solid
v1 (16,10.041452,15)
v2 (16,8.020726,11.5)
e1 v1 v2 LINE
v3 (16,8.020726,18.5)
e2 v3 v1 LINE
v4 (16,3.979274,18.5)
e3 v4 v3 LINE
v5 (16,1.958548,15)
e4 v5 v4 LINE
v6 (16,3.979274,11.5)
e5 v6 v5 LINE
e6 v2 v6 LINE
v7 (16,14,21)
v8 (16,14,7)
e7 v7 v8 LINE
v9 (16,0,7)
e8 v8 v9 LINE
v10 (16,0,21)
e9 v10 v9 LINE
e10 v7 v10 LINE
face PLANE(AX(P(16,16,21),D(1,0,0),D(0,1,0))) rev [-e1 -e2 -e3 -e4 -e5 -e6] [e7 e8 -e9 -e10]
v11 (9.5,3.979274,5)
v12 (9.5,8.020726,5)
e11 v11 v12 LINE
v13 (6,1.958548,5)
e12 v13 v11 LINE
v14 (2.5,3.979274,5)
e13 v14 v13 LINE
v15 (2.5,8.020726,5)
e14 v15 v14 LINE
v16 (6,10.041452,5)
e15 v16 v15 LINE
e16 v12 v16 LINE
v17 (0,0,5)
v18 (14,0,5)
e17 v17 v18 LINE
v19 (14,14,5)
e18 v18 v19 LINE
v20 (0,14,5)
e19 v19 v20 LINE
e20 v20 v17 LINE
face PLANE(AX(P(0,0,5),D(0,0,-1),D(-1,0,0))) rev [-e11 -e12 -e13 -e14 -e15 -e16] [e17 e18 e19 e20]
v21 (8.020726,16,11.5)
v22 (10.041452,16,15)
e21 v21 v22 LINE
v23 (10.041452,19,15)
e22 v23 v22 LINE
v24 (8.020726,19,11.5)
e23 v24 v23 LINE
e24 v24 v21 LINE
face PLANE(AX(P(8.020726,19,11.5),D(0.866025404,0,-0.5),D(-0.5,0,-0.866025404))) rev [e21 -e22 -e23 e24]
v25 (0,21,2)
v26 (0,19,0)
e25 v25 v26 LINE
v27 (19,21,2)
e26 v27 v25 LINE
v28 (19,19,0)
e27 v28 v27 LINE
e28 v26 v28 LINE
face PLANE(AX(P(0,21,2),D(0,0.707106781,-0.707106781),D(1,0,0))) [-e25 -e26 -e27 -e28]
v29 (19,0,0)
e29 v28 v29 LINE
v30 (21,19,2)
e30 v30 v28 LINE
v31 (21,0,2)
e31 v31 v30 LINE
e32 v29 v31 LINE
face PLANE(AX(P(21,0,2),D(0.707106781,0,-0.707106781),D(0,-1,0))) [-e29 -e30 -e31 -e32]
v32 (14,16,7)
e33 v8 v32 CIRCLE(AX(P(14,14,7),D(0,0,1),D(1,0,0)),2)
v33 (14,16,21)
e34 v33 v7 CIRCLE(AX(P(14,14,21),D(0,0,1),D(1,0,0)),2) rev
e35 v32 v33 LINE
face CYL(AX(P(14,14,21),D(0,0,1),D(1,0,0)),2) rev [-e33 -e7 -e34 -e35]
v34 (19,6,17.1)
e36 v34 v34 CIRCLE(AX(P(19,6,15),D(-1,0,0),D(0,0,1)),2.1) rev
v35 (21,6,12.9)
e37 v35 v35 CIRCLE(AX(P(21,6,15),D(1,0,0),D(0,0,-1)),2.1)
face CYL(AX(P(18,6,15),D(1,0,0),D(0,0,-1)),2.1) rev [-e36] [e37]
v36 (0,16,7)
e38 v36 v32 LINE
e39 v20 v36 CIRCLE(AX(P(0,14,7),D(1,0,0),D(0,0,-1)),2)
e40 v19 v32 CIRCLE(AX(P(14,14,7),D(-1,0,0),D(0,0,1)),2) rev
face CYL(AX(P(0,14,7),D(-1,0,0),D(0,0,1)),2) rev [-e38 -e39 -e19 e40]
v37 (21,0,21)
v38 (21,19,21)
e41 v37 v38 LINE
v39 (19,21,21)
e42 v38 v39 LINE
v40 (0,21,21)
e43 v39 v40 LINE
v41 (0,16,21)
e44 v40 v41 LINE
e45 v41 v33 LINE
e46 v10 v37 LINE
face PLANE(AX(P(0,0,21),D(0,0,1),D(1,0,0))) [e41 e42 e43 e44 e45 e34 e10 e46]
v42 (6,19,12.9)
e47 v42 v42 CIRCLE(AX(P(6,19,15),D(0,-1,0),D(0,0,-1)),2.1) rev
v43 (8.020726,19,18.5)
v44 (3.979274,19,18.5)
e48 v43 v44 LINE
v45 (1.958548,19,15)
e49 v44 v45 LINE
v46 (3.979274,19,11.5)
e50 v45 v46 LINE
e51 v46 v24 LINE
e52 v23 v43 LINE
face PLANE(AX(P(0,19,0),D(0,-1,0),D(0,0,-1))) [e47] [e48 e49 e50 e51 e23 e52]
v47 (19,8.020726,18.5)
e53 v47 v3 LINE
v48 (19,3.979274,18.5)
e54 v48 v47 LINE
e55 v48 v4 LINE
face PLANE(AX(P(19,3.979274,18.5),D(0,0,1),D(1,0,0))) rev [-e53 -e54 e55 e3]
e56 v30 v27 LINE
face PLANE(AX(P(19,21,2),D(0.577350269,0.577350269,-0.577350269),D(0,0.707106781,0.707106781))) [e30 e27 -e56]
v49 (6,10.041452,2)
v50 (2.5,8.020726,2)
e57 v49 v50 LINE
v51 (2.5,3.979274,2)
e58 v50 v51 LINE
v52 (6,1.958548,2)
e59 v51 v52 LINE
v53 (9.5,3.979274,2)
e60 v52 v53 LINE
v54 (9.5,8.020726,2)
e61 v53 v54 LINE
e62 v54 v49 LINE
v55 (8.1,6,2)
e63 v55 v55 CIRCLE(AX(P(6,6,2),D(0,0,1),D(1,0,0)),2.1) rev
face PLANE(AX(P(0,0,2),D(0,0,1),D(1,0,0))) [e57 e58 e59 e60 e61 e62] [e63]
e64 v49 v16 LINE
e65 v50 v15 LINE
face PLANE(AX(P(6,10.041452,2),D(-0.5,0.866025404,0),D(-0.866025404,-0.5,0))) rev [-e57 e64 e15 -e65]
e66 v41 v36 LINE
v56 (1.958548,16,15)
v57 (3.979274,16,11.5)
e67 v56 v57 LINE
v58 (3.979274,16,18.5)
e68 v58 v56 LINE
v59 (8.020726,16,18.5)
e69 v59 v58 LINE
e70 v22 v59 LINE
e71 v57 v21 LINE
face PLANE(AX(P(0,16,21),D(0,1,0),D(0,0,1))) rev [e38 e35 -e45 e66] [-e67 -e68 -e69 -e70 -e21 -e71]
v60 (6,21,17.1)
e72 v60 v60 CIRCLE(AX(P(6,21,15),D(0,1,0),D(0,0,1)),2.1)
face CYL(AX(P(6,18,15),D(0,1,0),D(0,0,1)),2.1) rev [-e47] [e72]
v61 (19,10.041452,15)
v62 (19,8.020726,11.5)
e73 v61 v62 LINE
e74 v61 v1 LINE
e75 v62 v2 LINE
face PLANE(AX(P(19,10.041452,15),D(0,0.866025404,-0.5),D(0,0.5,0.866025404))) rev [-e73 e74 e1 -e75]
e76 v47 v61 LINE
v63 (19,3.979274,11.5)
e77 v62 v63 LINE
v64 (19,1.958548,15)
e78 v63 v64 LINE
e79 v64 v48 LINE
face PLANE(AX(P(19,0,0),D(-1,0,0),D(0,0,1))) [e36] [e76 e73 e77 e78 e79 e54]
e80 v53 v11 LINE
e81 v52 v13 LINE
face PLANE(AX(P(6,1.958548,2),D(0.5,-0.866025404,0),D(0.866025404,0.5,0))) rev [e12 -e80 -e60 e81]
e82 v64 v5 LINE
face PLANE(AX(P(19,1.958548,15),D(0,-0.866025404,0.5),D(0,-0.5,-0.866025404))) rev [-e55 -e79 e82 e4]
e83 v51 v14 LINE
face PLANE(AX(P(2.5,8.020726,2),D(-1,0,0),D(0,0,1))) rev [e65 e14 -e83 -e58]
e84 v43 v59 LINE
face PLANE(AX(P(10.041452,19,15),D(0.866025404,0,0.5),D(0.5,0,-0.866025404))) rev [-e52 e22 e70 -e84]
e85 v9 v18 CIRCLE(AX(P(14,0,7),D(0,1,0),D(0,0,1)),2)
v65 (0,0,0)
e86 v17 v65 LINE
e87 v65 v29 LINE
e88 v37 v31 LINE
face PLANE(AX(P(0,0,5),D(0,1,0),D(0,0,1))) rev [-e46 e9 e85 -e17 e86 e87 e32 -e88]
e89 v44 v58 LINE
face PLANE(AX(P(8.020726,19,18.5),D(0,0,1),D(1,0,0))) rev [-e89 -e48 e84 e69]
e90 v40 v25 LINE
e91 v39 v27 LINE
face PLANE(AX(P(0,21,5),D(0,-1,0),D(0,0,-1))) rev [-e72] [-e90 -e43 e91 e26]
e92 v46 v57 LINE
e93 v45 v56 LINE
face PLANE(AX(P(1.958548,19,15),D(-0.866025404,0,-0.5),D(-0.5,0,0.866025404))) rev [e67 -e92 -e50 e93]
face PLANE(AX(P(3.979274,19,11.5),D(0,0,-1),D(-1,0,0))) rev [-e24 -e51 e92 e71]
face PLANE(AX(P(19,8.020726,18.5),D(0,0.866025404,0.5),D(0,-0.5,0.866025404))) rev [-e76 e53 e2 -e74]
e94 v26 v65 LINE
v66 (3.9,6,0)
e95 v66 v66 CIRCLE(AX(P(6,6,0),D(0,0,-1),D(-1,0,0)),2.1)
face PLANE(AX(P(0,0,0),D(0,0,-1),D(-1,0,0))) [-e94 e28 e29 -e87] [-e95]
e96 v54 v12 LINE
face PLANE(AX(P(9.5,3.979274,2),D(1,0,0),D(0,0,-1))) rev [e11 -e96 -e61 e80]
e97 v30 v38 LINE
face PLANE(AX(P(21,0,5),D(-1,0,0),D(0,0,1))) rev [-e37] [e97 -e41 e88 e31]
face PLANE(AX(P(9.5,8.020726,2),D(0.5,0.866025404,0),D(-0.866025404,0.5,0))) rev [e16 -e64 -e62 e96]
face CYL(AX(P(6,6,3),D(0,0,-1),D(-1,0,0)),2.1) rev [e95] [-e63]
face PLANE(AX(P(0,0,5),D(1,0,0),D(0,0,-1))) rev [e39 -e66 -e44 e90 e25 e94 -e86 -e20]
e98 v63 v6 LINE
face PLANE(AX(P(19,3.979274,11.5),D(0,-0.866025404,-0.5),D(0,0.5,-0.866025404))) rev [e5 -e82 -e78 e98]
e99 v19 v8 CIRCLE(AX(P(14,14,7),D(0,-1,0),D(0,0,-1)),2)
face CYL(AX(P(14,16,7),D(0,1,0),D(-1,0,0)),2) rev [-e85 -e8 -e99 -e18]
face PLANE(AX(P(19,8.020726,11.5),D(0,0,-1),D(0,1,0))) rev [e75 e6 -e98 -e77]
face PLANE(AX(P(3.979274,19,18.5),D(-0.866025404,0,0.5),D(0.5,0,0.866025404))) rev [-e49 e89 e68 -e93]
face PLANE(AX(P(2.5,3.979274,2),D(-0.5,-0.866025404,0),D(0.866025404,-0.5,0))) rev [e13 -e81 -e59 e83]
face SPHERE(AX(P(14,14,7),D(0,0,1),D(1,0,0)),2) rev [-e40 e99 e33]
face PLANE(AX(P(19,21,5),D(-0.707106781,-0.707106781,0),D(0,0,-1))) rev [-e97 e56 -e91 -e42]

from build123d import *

# Parameters (mm, degrees)
SKETCH1_W           = 21
SKETCH1_H           = 21
BOSS_EXTRUDE1_DEPTH = 5
BOSS_EXTRUDE2_DEPTH = 16
SKETCH3_R           = 2.1
CUT_EXTRUDE1_DEPTH  = 3
SKETCH4_R           = 2.1
CUT_EXTRUDE2_DEPTH  = 3
SKETCH5_R           = 2.1
CUT_EXTRUDE3_DEPTH  = 3
CUT_EXTRUDE4_DEPTH  = 3
CUT_EXTRUDE5_DEPTH  = 3
CUT_EXTRUDE6_DEPTH  = 3
CHAMFER1_SIZE       = 2
FILLET1_R           = 2


with BuildPart() as part:
    # Sketch1 → Boss-Extrude1 (new body)
    with BuildSketch(Plane.XY):
        with Locations((10.5, 10.5)):
            Rectangle(SKETCH1_W, SKETCH1_H)
    extrude(amount=BOSS_EXTRUDE1_DEPTH)

    # Sketch2 → Boss-Extrude2 (add)
    with BuildSketch(Plane.XY.offset(5)):
        Polygon((0, 21), (21, 21), (21, 0), (16, 0), (16, 16), (0, 16), align=None)
    extrude(amount=BOSS_EXTRUDE2_DEPTH)

    # Sketch3 → Cut-Extrude1 (cut)
    with BuildSketch(Plane(origin=(0, 21, 0), x_dir=(1, 0, 0), z_dir=(0, 1, 0))):
        with Locations((6, -15)):
            Circle(SKETCH3_R)
    extrude(amount=-CUT_EXTRUDE1_DEPTH, mode=Mode.SUBTRACT)

    # Sketch4 → Cut-Extrude2 (cut)
    with BuildSketch(Plane(origin=(21, 0, 0), x_dir=(0, 0, -1), z_dir=(1, 0, 0))):
        with Locations((-15, 6)):
            Circle(SKETCH4_R)
    extrude(amount=-CUT_EXTRUDE2_DEPTH, mode=Mode.SUBTRACT)

    # Sketch5 → Cut-Extrude3 (cut)
    with BuildSketch(Plane(origin=(0, 0, 0), x_dir=(-1, 0, 0), z_dir=(0, 0, -1))):
        with Locations((-6, 6)):
            Circle(SKETCH5_R)
    extrude(amount=-CUT_EXTRUDE3_DEPTH, mode=Mode.SUBTRACT)

    # Sketch6 → Cut-Extrude4 (cut)
    with BuildSketch(Plane.ZY.offset(-16)):
        Polygon((18.5, 3.979274058), (18.5, 8.020725942), (15, 10.041451884), (11.5, 8.020725942), (11.5, 3.979274058), (15, 1.958548116), align=None)
    extrude(amount=-CUT_EXTRUDE4_DEPTH, mode=Mode.SUBTRACT)

    # Sketch7 → Cut-Extrude5 (cut)
    with BuildSketch(Plane.XY.offset(5)):
        Polygon((9.5, 3.979274058), (9.5, 8.020725942), (6, 10.041451884), (2.5, 8.020725942), (2.5, 3.979274058), (6, 1.958548116), align=None)
    extrude(amount=-CUT_EXTRUDE5_DEPTH, mode=Mode.SUBTRACT)

    # Sketch8 → Cut-Extrude6 (cut)
    with BuildSketch(Plane.XZ.offset(-16)):
        Polygon((8.020725942, 11.5), (10.041451884, 15), (8.020725942, 18.5), (3.979274058, 18.5), (1.958548116, 15), (3.979274058, 11.5), align=None)
    extrude(amount=-CUT_EXTRUDE6_DEPTH, mode=Mode.SUBTRACT)

    # Chamfer1
    chamfer1_edges = [part.edges().sort_by_distance(p)[0] for p in [
        (10.5, 21, 0),
        (21, 10.5, 0),
        (21, 21, 10.5),
    ]]
    chamfer(chamfer1_edges, length=CHAMFER1_SIZE)

    # Fillet1
    fillet1_edges = [part.edges().sort_by_distance(p)[0] for p in [
        (8, 16, 5),
        (16, 8, 5),
        (16, 16, 13),
    ]]
    fillet(fillet1_edges, radius=FILLET1_R)


solid = part.part
